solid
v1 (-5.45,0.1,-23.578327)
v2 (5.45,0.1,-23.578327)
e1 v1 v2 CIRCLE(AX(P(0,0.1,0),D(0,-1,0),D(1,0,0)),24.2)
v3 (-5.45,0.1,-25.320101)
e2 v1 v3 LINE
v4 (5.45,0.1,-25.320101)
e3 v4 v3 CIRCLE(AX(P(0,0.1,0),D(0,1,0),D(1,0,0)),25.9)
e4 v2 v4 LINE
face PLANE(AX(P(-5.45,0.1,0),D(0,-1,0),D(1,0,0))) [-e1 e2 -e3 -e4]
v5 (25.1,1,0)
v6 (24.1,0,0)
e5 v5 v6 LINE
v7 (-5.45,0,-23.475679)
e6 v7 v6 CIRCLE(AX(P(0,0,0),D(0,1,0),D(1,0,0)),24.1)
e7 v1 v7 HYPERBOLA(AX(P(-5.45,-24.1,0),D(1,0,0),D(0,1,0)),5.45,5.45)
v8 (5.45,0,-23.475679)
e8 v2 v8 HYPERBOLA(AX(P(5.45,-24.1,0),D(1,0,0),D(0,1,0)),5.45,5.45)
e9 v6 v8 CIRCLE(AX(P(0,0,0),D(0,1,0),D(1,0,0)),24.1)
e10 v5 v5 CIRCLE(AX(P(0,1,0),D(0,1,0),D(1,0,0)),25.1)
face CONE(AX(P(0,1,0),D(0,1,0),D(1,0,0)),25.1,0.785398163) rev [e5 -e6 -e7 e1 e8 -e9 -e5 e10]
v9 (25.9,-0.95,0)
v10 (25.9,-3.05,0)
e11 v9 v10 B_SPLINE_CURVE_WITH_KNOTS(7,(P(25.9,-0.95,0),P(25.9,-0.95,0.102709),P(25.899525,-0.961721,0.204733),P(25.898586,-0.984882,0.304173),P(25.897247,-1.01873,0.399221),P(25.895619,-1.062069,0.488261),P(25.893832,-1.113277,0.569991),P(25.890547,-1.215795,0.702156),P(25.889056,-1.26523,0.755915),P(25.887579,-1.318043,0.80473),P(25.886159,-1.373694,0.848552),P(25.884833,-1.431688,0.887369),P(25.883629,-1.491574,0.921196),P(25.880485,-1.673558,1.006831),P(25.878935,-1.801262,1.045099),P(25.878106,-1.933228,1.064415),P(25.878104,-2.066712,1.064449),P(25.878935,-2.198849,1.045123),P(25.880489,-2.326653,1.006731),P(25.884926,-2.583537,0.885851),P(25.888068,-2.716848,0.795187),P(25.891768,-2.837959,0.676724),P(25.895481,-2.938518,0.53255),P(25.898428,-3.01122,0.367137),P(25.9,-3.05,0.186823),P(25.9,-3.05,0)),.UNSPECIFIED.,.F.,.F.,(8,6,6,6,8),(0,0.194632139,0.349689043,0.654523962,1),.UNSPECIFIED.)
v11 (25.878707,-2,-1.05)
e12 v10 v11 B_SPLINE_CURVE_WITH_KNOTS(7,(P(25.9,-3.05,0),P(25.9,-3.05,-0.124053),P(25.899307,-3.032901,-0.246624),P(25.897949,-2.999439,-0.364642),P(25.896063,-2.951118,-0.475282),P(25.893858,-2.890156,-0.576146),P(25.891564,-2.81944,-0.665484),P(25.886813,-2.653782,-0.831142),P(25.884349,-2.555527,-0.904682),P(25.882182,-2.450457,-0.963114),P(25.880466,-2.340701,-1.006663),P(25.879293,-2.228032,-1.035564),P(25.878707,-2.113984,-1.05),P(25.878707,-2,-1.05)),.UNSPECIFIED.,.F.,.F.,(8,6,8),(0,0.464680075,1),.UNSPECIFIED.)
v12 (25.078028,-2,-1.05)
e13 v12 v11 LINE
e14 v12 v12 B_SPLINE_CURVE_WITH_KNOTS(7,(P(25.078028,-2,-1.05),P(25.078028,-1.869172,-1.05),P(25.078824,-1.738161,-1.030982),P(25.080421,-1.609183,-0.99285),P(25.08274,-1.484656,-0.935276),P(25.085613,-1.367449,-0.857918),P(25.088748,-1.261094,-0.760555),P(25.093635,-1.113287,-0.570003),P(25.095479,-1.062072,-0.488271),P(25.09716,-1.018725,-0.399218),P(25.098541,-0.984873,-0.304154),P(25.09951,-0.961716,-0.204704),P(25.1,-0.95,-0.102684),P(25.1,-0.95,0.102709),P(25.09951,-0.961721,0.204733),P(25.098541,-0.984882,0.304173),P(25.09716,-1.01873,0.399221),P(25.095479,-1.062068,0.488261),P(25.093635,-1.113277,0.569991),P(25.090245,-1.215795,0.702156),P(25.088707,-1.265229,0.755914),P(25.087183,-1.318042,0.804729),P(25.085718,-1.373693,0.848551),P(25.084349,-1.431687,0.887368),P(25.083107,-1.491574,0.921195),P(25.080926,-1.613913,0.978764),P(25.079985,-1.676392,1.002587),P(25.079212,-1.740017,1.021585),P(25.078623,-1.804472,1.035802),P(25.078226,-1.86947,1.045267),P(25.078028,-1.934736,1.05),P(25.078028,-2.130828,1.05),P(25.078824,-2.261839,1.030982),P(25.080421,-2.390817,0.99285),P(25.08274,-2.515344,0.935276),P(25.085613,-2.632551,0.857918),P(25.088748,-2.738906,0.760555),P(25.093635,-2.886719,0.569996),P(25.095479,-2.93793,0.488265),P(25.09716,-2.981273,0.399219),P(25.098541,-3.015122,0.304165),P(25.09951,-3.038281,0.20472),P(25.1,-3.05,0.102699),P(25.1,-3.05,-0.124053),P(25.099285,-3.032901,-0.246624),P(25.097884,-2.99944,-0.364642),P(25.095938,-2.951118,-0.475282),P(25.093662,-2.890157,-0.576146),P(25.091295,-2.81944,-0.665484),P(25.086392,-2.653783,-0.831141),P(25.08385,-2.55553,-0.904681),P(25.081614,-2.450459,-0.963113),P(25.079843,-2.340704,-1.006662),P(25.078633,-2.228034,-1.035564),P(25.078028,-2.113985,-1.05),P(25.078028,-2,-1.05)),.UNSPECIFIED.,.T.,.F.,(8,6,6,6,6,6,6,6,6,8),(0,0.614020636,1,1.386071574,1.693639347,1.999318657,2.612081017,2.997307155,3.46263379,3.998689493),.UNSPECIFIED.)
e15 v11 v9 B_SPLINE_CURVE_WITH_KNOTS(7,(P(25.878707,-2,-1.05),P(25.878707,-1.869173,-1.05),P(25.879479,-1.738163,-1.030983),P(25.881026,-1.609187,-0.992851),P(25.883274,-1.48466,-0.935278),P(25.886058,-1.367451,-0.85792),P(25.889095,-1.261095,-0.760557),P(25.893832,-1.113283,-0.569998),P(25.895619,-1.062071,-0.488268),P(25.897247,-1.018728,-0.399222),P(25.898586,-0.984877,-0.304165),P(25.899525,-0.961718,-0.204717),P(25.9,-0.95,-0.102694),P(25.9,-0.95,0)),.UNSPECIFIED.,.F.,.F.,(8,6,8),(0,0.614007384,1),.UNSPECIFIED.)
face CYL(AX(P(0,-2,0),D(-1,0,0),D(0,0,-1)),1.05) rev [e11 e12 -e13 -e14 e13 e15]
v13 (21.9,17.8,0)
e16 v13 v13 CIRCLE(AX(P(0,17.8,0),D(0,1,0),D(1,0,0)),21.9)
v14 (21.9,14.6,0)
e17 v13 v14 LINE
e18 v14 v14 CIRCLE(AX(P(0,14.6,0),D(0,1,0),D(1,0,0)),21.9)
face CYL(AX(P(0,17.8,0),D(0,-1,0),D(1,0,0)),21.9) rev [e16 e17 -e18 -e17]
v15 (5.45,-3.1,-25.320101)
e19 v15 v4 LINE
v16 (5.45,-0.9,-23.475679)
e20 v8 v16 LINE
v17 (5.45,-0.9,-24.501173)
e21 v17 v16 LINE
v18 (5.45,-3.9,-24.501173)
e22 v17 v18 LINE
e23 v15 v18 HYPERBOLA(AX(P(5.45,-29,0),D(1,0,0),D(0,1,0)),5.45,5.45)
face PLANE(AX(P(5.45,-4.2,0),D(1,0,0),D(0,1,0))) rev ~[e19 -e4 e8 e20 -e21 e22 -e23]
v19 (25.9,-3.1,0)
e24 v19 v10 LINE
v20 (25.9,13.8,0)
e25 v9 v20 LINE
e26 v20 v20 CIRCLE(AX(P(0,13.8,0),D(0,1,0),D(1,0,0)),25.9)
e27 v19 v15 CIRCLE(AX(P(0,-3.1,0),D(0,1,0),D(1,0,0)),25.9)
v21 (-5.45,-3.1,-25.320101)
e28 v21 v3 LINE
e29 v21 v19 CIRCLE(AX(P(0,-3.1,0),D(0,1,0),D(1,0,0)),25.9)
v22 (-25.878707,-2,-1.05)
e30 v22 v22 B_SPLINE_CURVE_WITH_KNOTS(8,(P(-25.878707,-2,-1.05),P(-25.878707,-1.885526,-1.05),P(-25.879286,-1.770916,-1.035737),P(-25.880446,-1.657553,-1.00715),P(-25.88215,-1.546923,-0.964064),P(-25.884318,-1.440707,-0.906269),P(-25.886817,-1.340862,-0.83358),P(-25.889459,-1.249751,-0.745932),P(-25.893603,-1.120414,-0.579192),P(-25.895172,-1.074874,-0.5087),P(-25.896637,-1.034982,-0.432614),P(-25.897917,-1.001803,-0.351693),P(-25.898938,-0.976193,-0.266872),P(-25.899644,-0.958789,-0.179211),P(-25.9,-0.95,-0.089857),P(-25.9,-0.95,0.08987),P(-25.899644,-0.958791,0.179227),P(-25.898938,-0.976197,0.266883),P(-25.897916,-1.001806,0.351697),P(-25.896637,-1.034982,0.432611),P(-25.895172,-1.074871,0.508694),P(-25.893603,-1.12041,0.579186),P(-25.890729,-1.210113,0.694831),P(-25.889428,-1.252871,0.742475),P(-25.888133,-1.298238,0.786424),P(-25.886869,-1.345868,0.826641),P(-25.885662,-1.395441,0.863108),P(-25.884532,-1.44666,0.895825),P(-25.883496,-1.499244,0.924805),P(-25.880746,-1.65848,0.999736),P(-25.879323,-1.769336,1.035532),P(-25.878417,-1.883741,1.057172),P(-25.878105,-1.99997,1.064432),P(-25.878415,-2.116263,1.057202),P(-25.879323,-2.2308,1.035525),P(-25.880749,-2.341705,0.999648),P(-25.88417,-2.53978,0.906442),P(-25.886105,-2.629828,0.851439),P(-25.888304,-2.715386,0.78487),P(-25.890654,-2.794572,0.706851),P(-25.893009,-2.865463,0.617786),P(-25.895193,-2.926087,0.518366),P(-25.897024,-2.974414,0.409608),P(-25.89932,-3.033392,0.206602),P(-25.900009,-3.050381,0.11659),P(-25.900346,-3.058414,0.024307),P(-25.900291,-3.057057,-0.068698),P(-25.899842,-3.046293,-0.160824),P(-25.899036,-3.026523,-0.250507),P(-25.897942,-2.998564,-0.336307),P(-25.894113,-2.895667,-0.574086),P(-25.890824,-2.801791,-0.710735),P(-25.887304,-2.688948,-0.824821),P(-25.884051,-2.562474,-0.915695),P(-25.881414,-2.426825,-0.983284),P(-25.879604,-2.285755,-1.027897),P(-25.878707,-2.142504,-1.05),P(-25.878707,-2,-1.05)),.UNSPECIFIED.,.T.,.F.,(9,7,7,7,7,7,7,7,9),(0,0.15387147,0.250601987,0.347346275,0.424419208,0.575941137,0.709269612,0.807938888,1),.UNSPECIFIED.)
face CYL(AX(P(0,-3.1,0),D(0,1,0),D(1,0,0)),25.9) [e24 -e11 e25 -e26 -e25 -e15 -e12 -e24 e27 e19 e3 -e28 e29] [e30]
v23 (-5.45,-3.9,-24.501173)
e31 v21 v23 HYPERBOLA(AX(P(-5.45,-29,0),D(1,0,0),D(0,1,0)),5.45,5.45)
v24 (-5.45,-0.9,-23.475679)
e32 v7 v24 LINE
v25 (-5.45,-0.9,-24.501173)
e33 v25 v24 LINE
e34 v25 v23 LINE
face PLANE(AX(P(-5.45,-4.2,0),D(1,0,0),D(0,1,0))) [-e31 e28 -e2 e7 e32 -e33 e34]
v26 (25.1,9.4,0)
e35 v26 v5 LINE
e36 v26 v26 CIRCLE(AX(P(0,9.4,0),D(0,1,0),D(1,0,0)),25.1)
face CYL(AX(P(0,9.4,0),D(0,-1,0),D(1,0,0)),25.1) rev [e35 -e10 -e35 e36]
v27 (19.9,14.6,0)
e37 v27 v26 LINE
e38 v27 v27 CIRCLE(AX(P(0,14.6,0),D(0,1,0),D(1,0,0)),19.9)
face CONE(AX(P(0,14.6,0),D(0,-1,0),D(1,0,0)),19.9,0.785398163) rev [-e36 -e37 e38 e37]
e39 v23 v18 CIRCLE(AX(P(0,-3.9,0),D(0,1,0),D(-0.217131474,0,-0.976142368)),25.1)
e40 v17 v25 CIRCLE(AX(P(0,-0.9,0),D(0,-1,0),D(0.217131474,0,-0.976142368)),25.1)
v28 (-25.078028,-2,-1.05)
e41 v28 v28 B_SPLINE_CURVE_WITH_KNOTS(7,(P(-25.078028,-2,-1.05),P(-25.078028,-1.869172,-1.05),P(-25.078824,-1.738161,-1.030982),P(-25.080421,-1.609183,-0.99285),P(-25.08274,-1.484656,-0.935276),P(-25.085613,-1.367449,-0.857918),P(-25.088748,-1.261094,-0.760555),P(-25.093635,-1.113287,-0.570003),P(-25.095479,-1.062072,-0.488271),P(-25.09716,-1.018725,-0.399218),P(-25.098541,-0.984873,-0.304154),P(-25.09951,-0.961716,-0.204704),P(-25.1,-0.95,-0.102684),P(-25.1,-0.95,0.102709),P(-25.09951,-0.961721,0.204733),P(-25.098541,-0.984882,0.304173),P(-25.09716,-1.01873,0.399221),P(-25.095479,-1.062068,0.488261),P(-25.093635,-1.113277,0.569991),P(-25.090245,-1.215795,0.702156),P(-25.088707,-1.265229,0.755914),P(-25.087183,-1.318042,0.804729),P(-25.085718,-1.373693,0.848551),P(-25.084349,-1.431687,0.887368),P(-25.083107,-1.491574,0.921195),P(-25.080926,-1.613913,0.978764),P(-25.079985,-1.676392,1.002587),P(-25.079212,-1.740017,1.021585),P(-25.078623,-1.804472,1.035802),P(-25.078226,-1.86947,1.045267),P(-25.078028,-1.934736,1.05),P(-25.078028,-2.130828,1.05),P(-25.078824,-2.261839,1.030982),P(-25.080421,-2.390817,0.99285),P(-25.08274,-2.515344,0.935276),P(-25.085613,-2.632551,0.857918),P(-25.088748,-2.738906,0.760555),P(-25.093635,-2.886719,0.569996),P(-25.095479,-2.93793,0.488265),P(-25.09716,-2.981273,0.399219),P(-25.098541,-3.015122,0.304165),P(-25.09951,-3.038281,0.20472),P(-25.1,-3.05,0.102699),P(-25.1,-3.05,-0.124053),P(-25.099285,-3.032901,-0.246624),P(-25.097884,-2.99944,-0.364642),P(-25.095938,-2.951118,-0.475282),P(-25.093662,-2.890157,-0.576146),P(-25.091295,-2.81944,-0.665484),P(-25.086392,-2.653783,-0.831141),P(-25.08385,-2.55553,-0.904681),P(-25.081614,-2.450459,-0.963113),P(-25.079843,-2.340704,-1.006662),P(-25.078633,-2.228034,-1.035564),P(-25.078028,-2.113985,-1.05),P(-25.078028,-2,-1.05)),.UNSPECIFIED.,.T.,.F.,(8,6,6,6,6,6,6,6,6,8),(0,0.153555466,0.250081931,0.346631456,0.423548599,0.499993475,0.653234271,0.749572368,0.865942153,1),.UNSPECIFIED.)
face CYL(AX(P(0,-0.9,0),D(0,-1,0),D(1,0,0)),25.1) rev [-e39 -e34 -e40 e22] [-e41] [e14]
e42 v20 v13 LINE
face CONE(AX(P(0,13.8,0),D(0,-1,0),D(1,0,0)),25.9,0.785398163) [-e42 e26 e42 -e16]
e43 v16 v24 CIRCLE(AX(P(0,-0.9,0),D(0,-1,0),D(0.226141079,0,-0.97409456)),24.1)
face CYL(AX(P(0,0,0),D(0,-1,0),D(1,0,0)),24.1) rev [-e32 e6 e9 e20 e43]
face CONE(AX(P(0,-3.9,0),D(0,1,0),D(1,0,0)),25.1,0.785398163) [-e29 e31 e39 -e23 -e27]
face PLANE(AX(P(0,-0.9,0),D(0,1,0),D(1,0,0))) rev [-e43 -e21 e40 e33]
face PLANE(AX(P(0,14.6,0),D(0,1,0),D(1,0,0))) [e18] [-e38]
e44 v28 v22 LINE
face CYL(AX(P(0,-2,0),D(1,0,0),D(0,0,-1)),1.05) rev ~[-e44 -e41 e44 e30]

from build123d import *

# Parameters (mm, degrees)
SKETCH2_W               = 10.9
SKETCH2_H               = 4.3
CUT_EXTRUDE1_DEPTH      = 26.9
SKETCH3_R               = 1.05
CUT_EXTRUDE2_DEPTH      = 26.9
CUT_EXTRUDE2_DEPTH_BACK = 26.9


with BuildPart() as part:
    # Sketch1 → Revolve1 (revolve)
    with BuildSketch(Plane.XY):
        Polygon((25.1, 1), (24.1, 0), (24.1, -0.9), (25.1, -0.9), (25.1, -3.9), (25.9, -3.1), (25.9, 13.8), (21.9, 17.8), (21.9, 14.6), (19.9, 14.6), (25.1, 9.4), align=None)
    revolve(axis=Axis((0, -5, 0), (0, 1, 0)))

    # Sketch2 → Cut-Extrude1 (cut, through all)
    with BuildSketch(Plane.XY):
        with Locations((0, -2.05)):
            Rectangle(SKETCH2_W, SKETCH2_H)
    extrude(amount=-CUT_EXTRUDE1_DEPTH, mode=Mode.SUBTRACT)

    # Sketch3 → Cut-Extrude2 (cut, two sides)
    with BuildSketch(Plane(origin=(0, 0, 0), x_dir=(0, 0, -1), z_dir=(1, 0, 0))) as cut_extrude2_sk:
        with Locations((0, -2)):
            Circle(SKETCH3_R)
    extrude(amount=CUT_EXTRUDE2_DEPTH, mode=Mode.SUBTRACT)
    extrude(cut_extrude2_sk.sketch, amount=-CUT_EXTRUDE2_DEPTH_BACK, mode=Mode.SUBTRACT)


solid = part.part
